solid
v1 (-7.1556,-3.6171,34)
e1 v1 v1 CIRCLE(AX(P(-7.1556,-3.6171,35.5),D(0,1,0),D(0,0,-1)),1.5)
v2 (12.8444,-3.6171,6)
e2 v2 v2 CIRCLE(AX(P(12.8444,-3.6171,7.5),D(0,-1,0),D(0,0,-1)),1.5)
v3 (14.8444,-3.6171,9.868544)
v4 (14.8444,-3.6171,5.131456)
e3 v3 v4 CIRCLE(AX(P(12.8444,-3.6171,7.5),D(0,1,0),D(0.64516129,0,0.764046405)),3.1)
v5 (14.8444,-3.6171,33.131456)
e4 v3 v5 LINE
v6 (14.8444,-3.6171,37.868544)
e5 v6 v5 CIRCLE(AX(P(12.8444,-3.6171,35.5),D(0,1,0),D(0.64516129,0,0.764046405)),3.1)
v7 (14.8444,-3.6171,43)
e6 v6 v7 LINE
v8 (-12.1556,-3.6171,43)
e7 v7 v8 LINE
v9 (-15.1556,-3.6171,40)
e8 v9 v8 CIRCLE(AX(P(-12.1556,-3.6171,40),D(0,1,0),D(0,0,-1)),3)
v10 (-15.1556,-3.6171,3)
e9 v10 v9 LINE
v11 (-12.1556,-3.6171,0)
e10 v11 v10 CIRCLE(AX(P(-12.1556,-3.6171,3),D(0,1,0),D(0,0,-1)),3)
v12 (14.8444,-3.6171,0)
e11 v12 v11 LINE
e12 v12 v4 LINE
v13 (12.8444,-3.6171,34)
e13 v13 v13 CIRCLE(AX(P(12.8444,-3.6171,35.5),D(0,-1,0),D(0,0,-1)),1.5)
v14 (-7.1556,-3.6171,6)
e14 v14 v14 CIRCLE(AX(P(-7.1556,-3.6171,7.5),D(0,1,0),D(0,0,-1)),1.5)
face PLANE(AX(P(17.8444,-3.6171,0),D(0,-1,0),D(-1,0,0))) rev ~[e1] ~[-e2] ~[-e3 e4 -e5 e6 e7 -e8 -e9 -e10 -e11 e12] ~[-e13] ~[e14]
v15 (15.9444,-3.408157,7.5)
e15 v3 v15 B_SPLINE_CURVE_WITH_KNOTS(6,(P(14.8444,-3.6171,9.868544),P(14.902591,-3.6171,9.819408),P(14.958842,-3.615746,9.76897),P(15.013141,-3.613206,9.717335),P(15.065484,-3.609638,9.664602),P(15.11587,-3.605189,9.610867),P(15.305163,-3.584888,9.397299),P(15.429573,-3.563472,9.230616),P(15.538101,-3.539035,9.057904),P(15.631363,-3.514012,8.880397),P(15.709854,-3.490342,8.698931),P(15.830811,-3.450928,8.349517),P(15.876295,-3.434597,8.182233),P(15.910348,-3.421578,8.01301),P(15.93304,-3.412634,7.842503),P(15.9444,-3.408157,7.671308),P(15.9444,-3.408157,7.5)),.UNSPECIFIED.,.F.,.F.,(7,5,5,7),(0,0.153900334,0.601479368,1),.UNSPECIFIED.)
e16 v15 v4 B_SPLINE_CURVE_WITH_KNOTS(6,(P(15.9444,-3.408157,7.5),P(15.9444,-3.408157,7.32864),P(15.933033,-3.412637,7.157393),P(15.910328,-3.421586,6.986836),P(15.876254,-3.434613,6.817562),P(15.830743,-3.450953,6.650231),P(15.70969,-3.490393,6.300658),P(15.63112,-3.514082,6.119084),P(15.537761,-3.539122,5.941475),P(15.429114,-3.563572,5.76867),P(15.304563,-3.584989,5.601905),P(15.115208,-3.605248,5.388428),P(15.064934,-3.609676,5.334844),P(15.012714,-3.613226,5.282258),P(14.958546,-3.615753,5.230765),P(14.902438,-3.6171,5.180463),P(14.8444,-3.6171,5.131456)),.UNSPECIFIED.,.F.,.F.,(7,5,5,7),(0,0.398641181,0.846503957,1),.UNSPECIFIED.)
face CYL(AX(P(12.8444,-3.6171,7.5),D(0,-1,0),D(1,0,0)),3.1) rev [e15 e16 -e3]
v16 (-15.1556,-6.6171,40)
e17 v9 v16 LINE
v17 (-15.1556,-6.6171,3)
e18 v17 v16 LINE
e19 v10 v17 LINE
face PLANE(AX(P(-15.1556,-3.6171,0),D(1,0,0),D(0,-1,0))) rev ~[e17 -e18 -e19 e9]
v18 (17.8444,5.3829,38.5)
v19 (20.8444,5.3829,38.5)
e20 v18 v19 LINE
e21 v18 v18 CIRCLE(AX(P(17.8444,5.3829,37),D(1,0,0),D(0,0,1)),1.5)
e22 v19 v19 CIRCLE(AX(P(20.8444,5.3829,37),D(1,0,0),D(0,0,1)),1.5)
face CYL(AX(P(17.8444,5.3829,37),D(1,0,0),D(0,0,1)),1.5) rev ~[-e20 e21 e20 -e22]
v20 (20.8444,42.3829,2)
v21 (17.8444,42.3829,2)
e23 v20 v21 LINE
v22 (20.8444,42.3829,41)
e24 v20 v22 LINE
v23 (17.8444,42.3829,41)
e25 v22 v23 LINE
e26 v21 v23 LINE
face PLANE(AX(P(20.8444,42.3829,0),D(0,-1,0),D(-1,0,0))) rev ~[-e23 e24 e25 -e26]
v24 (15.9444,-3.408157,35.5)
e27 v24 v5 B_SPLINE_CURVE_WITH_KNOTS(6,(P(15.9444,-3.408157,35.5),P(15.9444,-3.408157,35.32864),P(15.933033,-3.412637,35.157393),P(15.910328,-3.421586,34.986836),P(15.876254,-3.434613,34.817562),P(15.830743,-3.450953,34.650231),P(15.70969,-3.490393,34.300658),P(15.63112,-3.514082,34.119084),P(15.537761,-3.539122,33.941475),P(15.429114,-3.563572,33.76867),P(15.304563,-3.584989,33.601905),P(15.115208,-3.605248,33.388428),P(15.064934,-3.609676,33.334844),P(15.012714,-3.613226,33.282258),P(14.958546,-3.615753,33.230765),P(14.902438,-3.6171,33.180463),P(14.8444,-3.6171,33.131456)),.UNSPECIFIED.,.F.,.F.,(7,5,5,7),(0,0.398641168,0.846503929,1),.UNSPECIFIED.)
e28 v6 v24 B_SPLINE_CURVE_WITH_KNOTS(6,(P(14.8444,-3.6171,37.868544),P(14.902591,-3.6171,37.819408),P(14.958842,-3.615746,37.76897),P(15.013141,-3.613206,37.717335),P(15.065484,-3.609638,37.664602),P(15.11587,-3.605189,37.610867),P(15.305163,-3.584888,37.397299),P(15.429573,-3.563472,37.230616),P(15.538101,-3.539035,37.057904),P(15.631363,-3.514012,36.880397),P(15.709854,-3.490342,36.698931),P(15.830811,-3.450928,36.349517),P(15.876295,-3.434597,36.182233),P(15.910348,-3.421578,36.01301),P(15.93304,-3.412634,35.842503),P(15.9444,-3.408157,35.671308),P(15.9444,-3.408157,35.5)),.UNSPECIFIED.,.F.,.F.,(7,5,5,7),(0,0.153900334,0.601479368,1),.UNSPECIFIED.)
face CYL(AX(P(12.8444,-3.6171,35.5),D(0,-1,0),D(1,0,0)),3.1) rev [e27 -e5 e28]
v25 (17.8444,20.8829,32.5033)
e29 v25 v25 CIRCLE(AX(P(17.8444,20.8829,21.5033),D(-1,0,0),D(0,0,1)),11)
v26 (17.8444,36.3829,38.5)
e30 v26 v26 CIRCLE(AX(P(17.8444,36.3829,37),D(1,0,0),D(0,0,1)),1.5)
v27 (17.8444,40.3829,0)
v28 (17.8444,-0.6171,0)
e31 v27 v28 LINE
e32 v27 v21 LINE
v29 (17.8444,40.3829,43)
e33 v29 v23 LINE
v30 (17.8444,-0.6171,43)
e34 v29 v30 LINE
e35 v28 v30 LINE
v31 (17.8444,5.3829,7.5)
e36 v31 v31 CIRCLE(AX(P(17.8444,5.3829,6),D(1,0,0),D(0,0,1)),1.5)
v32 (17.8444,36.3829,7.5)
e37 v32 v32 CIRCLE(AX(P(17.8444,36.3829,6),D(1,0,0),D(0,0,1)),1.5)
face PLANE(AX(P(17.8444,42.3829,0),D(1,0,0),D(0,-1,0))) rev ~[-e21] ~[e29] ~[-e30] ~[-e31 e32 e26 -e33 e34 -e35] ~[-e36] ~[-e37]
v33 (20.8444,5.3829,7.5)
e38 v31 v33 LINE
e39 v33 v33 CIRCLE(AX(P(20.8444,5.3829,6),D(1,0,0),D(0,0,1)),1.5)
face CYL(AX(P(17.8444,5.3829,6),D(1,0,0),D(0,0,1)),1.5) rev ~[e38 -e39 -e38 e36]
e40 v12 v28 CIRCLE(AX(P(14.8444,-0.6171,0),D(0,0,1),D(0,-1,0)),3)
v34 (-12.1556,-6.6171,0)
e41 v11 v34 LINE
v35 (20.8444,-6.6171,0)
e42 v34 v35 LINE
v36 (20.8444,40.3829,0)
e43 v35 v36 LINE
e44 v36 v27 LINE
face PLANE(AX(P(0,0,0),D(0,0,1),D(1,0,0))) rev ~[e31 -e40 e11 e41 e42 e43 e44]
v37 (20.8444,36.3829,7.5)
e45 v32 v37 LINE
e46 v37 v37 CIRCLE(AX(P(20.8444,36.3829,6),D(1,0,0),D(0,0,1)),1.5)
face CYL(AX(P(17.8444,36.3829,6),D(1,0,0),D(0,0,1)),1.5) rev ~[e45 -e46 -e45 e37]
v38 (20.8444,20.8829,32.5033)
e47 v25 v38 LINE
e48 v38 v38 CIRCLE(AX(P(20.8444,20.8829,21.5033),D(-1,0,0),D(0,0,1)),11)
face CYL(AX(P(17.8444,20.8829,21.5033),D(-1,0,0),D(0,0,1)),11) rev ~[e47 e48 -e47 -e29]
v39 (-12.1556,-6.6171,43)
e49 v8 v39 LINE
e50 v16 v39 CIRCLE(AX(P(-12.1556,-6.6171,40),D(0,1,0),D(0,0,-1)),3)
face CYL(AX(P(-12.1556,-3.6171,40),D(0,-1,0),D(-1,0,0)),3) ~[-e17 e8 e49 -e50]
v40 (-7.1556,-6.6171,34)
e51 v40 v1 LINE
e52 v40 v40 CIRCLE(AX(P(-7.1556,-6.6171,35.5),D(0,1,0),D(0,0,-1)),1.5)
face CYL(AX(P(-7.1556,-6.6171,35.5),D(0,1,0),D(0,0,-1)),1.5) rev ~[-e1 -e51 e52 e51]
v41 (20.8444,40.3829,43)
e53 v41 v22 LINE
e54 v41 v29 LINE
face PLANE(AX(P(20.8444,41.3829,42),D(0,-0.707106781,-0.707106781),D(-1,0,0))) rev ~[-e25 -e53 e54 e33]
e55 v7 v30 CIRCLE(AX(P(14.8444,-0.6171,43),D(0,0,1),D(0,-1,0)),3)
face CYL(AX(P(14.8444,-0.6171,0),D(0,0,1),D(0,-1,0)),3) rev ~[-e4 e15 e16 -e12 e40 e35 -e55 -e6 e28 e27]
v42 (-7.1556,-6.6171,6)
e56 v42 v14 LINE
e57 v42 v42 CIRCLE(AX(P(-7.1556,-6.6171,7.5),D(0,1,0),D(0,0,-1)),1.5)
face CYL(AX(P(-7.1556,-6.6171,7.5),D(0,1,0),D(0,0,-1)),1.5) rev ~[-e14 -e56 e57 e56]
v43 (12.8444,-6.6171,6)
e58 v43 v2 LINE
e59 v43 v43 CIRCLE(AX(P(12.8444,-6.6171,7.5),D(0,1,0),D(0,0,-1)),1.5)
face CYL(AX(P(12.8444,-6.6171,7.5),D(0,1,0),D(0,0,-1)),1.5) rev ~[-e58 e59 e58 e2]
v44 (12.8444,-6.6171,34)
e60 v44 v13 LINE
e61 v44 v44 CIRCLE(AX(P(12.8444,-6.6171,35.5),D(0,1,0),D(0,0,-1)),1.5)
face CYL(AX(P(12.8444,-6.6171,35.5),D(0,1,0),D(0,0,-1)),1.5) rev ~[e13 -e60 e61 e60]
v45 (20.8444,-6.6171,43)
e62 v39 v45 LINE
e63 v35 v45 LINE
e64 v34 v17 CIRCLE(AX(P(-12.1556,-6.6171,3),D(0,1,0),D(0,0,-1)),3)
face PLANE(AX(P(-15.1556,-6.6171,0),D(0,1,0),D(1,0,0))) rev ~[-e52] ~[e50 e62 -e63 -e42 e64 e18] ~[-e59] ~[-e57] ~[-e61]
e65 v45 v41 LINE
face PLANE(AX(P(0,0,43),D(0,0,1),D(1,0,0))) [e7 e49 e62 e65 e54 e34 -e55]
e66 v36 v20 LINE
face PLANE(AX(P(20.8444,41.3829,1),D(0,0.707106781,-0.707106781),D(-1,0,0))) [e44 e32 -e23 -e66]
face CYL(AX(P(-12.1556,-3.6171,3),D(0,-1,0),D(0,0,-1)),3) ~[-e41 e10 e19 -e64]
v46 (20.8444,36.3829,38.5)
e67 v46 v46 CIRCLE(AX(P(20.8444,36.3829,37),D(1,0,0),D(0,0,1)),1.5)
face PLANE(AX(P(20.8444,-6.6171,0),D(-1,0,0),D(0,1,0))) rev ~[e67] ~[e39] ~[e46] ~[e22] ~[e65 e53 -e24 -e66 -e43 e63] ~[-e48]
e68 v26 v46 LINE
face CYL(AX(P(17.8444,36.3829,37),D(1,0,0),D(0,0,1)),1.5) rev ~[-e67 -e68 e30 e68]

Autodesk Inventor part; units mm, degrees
ref_plane "YZ Plane" through (0, 0, 0) normal (1, 0, 0) x (0, 1, 0)
ref_plane "XZ Plane" through (0, 0, 0) normal (0, 1, 0) x (-1, 0, 0)
ref_plane "XY Plane" through (0, 0, 0) normal (0, 0, 1) x (1, 0, 0)
sketch "Szkic1" plane through (0, 0, 0) normal (0, 0, 1) x (1, 0, 0)
  line L0 (-15.1556, -3.6171) -> (-15.1556, -6.6171)
  line L1 (-15.1556, -6.6171) -> (20.8444, -6.6171)
  line L2 (20.8444, -6.6171) -> (20.8444, 42.3829)
  line L3 (20.8444, 42.3829) -> (17.8444, 42.3829)
  line L4 (17.8444, 42.3829) -> (17.8444, -3.6171)
  line L5 (17.8444, -3.6171) -> (-15.1556, -3.6171)
  point P0 (0, 0)
  dimension "d0" = 3
  dimension "d1" = 36
  dimension "d2" = 49
  dimension "d3" = 3
extrude "Wyciągnięcie proste1" add sketch "Szkic1" along normal blind 43
fillet "Zaokrąglenie1" radius 3 1 edges at (17.8444, -3.6171, 21.5)
sketch "Szkic2" plane through (17.8444, 42.3829, 0) normal (-1, 0, 0) x (0, 0, 1)
  circle A0 centre (21.5033, -21.5) radius 11
  circle A1 centre (21.5, -21.5) radius 16.25
  line L0 (0, 0) -> (0, -43) projected
  line L1 (0, 0) -> (43, 0) projected
  line L2 (43, 0) -> (43, -43) projected
  line L3 (0.5, -0.5) -> (42.5, -0.5)
  line L4 (42.5, -0.5) -> (42.5, -42.5)
  line L5 (42.5, -42.5) -> (0.5, -42.5)
  line L6 (0.5, -42.5) -> (0.5, -0.5)
  point P0 (0, -42.3829)
  point P1 (37, -37)
  point P2 (37, -6)
  point P3 (6, -6)
  point P4 (6, -37)
  dimension "d61" = 42
  dimension "d62" = 42
  dimension "d63" = 0.5
  dimension "d64" = 0.5
  dimension "d65" = 5.5
  dimension "d66" = 5.5
  dimension "d67" = 5.5
  dimension "d68" = 5.5
  dimension "d69" = 5.5
  dimension "d70" = 5.5
  dimension "d71" = 5.5
  dimension "d72" = 5.5
  dimension "d73" = 21
  dimension "d74" = 21
extrude "Wyciągnięcie proste2" cut sketch "Szkic2" against normal blind 43 contours A0
hole "Otwór1" at (17.8444, 5.3829, 6) at (17.8444, 36.3829, 6) at (17.8444, 36.3829, 37) at (17.8444, 5.3829, 37) direction (1, 0, 0) diameter 3 end through all
chamfer "Faza1" distance 2 angle 45 2 edges at (19.3444, 42.3829, 43) (19.3444, 42.3829, 0)
fillet "Zaokrąglenie2" radius 3 2 edges at (-15.1556, -5.1171, 0) (-15.1556, -5.1171, 43)
sketch "Szkic3" plane through (20.8444, -6.6171, 0) normal (0, -1, 0) x (1, 0, 0)
  arc A0 (-33, 43) -> (-36, 40) centre (-33, 40) ccw projected
  line L0 (-36, 3) -> (-36, 40) projected
  arc A1 (-36, 3) -> (-33, 0) centre (-33, 3) ccw projected
  line L1 (-33, 0) -> (0, 0) projected
  line L2 (0, 0) -> (0, 43) projected
  line L3 (-33, 43) -> (0, 43) projected
  point P0 (-20.8444, 0)
  point P1 (-28, 7.5)
  point P2 (-8, 7.5)
  point P3 (-28, 35.5)
  point P4 (-8, 35.5)
  dimension "d32" = 20
  dimension "d33" = 20
  dimension "d34" = 36
  dimension "d35" = 8
  dimension "d36" = 8
  dimension "d37" = 7.5
  dimension "d38" = 7.5
  dimension "d39" = 7.5
  dimension "d40" = 7.5
hole "Otwór2" at (-7.1556, -6.6171, 7.5) at (12.8444, -6.6171, 7.5) at (-7.1556, -6.6171, 35.5) at (12.8444, -6.6171, 35.5) direction (0, 1, 0) diameter 3 end through all
sketch "Szkic4" plane through (14.8444, -3.6171, 43) normal (0, 1, 0) x (1, 0, 0)
  circle A0 centre (-2, 7.5) radius 1.5 projected
  circle A1 centre (-2, 35.5) radius 1.5 projected
  circle A2 centre (-2, 7.5) radius 3.1
  circle A3 centre (-2, 35.5) radius 3.1
  point P0 (-14.8444, 43)
  dimension "d48" = 6.2
  dimension "d49" = 6.2
extrude "Wyciągnięcie proste3" cut sketch "Szkic4" along normal blind 2
equation "\"d66\" = d65"
equation "\"d67\" = d65"
equation "\"d68\" = d65"
equation "\"d69\" = d65"
equation "\"d70\" = d65"
equation "\"d71\" = d65"
equation "\"d72\" = d65"
equation "\"d35\" = -0.5 * d32 + 0.5 * d34"
equation "\"d36\" = d35"
equation "\"d38\" = d37"
equation "\"d39\" = d37"
equation "\"d40\" = d37"
properties part number "CNCM_ALU_X_Axis_Nema_17_Mount"
